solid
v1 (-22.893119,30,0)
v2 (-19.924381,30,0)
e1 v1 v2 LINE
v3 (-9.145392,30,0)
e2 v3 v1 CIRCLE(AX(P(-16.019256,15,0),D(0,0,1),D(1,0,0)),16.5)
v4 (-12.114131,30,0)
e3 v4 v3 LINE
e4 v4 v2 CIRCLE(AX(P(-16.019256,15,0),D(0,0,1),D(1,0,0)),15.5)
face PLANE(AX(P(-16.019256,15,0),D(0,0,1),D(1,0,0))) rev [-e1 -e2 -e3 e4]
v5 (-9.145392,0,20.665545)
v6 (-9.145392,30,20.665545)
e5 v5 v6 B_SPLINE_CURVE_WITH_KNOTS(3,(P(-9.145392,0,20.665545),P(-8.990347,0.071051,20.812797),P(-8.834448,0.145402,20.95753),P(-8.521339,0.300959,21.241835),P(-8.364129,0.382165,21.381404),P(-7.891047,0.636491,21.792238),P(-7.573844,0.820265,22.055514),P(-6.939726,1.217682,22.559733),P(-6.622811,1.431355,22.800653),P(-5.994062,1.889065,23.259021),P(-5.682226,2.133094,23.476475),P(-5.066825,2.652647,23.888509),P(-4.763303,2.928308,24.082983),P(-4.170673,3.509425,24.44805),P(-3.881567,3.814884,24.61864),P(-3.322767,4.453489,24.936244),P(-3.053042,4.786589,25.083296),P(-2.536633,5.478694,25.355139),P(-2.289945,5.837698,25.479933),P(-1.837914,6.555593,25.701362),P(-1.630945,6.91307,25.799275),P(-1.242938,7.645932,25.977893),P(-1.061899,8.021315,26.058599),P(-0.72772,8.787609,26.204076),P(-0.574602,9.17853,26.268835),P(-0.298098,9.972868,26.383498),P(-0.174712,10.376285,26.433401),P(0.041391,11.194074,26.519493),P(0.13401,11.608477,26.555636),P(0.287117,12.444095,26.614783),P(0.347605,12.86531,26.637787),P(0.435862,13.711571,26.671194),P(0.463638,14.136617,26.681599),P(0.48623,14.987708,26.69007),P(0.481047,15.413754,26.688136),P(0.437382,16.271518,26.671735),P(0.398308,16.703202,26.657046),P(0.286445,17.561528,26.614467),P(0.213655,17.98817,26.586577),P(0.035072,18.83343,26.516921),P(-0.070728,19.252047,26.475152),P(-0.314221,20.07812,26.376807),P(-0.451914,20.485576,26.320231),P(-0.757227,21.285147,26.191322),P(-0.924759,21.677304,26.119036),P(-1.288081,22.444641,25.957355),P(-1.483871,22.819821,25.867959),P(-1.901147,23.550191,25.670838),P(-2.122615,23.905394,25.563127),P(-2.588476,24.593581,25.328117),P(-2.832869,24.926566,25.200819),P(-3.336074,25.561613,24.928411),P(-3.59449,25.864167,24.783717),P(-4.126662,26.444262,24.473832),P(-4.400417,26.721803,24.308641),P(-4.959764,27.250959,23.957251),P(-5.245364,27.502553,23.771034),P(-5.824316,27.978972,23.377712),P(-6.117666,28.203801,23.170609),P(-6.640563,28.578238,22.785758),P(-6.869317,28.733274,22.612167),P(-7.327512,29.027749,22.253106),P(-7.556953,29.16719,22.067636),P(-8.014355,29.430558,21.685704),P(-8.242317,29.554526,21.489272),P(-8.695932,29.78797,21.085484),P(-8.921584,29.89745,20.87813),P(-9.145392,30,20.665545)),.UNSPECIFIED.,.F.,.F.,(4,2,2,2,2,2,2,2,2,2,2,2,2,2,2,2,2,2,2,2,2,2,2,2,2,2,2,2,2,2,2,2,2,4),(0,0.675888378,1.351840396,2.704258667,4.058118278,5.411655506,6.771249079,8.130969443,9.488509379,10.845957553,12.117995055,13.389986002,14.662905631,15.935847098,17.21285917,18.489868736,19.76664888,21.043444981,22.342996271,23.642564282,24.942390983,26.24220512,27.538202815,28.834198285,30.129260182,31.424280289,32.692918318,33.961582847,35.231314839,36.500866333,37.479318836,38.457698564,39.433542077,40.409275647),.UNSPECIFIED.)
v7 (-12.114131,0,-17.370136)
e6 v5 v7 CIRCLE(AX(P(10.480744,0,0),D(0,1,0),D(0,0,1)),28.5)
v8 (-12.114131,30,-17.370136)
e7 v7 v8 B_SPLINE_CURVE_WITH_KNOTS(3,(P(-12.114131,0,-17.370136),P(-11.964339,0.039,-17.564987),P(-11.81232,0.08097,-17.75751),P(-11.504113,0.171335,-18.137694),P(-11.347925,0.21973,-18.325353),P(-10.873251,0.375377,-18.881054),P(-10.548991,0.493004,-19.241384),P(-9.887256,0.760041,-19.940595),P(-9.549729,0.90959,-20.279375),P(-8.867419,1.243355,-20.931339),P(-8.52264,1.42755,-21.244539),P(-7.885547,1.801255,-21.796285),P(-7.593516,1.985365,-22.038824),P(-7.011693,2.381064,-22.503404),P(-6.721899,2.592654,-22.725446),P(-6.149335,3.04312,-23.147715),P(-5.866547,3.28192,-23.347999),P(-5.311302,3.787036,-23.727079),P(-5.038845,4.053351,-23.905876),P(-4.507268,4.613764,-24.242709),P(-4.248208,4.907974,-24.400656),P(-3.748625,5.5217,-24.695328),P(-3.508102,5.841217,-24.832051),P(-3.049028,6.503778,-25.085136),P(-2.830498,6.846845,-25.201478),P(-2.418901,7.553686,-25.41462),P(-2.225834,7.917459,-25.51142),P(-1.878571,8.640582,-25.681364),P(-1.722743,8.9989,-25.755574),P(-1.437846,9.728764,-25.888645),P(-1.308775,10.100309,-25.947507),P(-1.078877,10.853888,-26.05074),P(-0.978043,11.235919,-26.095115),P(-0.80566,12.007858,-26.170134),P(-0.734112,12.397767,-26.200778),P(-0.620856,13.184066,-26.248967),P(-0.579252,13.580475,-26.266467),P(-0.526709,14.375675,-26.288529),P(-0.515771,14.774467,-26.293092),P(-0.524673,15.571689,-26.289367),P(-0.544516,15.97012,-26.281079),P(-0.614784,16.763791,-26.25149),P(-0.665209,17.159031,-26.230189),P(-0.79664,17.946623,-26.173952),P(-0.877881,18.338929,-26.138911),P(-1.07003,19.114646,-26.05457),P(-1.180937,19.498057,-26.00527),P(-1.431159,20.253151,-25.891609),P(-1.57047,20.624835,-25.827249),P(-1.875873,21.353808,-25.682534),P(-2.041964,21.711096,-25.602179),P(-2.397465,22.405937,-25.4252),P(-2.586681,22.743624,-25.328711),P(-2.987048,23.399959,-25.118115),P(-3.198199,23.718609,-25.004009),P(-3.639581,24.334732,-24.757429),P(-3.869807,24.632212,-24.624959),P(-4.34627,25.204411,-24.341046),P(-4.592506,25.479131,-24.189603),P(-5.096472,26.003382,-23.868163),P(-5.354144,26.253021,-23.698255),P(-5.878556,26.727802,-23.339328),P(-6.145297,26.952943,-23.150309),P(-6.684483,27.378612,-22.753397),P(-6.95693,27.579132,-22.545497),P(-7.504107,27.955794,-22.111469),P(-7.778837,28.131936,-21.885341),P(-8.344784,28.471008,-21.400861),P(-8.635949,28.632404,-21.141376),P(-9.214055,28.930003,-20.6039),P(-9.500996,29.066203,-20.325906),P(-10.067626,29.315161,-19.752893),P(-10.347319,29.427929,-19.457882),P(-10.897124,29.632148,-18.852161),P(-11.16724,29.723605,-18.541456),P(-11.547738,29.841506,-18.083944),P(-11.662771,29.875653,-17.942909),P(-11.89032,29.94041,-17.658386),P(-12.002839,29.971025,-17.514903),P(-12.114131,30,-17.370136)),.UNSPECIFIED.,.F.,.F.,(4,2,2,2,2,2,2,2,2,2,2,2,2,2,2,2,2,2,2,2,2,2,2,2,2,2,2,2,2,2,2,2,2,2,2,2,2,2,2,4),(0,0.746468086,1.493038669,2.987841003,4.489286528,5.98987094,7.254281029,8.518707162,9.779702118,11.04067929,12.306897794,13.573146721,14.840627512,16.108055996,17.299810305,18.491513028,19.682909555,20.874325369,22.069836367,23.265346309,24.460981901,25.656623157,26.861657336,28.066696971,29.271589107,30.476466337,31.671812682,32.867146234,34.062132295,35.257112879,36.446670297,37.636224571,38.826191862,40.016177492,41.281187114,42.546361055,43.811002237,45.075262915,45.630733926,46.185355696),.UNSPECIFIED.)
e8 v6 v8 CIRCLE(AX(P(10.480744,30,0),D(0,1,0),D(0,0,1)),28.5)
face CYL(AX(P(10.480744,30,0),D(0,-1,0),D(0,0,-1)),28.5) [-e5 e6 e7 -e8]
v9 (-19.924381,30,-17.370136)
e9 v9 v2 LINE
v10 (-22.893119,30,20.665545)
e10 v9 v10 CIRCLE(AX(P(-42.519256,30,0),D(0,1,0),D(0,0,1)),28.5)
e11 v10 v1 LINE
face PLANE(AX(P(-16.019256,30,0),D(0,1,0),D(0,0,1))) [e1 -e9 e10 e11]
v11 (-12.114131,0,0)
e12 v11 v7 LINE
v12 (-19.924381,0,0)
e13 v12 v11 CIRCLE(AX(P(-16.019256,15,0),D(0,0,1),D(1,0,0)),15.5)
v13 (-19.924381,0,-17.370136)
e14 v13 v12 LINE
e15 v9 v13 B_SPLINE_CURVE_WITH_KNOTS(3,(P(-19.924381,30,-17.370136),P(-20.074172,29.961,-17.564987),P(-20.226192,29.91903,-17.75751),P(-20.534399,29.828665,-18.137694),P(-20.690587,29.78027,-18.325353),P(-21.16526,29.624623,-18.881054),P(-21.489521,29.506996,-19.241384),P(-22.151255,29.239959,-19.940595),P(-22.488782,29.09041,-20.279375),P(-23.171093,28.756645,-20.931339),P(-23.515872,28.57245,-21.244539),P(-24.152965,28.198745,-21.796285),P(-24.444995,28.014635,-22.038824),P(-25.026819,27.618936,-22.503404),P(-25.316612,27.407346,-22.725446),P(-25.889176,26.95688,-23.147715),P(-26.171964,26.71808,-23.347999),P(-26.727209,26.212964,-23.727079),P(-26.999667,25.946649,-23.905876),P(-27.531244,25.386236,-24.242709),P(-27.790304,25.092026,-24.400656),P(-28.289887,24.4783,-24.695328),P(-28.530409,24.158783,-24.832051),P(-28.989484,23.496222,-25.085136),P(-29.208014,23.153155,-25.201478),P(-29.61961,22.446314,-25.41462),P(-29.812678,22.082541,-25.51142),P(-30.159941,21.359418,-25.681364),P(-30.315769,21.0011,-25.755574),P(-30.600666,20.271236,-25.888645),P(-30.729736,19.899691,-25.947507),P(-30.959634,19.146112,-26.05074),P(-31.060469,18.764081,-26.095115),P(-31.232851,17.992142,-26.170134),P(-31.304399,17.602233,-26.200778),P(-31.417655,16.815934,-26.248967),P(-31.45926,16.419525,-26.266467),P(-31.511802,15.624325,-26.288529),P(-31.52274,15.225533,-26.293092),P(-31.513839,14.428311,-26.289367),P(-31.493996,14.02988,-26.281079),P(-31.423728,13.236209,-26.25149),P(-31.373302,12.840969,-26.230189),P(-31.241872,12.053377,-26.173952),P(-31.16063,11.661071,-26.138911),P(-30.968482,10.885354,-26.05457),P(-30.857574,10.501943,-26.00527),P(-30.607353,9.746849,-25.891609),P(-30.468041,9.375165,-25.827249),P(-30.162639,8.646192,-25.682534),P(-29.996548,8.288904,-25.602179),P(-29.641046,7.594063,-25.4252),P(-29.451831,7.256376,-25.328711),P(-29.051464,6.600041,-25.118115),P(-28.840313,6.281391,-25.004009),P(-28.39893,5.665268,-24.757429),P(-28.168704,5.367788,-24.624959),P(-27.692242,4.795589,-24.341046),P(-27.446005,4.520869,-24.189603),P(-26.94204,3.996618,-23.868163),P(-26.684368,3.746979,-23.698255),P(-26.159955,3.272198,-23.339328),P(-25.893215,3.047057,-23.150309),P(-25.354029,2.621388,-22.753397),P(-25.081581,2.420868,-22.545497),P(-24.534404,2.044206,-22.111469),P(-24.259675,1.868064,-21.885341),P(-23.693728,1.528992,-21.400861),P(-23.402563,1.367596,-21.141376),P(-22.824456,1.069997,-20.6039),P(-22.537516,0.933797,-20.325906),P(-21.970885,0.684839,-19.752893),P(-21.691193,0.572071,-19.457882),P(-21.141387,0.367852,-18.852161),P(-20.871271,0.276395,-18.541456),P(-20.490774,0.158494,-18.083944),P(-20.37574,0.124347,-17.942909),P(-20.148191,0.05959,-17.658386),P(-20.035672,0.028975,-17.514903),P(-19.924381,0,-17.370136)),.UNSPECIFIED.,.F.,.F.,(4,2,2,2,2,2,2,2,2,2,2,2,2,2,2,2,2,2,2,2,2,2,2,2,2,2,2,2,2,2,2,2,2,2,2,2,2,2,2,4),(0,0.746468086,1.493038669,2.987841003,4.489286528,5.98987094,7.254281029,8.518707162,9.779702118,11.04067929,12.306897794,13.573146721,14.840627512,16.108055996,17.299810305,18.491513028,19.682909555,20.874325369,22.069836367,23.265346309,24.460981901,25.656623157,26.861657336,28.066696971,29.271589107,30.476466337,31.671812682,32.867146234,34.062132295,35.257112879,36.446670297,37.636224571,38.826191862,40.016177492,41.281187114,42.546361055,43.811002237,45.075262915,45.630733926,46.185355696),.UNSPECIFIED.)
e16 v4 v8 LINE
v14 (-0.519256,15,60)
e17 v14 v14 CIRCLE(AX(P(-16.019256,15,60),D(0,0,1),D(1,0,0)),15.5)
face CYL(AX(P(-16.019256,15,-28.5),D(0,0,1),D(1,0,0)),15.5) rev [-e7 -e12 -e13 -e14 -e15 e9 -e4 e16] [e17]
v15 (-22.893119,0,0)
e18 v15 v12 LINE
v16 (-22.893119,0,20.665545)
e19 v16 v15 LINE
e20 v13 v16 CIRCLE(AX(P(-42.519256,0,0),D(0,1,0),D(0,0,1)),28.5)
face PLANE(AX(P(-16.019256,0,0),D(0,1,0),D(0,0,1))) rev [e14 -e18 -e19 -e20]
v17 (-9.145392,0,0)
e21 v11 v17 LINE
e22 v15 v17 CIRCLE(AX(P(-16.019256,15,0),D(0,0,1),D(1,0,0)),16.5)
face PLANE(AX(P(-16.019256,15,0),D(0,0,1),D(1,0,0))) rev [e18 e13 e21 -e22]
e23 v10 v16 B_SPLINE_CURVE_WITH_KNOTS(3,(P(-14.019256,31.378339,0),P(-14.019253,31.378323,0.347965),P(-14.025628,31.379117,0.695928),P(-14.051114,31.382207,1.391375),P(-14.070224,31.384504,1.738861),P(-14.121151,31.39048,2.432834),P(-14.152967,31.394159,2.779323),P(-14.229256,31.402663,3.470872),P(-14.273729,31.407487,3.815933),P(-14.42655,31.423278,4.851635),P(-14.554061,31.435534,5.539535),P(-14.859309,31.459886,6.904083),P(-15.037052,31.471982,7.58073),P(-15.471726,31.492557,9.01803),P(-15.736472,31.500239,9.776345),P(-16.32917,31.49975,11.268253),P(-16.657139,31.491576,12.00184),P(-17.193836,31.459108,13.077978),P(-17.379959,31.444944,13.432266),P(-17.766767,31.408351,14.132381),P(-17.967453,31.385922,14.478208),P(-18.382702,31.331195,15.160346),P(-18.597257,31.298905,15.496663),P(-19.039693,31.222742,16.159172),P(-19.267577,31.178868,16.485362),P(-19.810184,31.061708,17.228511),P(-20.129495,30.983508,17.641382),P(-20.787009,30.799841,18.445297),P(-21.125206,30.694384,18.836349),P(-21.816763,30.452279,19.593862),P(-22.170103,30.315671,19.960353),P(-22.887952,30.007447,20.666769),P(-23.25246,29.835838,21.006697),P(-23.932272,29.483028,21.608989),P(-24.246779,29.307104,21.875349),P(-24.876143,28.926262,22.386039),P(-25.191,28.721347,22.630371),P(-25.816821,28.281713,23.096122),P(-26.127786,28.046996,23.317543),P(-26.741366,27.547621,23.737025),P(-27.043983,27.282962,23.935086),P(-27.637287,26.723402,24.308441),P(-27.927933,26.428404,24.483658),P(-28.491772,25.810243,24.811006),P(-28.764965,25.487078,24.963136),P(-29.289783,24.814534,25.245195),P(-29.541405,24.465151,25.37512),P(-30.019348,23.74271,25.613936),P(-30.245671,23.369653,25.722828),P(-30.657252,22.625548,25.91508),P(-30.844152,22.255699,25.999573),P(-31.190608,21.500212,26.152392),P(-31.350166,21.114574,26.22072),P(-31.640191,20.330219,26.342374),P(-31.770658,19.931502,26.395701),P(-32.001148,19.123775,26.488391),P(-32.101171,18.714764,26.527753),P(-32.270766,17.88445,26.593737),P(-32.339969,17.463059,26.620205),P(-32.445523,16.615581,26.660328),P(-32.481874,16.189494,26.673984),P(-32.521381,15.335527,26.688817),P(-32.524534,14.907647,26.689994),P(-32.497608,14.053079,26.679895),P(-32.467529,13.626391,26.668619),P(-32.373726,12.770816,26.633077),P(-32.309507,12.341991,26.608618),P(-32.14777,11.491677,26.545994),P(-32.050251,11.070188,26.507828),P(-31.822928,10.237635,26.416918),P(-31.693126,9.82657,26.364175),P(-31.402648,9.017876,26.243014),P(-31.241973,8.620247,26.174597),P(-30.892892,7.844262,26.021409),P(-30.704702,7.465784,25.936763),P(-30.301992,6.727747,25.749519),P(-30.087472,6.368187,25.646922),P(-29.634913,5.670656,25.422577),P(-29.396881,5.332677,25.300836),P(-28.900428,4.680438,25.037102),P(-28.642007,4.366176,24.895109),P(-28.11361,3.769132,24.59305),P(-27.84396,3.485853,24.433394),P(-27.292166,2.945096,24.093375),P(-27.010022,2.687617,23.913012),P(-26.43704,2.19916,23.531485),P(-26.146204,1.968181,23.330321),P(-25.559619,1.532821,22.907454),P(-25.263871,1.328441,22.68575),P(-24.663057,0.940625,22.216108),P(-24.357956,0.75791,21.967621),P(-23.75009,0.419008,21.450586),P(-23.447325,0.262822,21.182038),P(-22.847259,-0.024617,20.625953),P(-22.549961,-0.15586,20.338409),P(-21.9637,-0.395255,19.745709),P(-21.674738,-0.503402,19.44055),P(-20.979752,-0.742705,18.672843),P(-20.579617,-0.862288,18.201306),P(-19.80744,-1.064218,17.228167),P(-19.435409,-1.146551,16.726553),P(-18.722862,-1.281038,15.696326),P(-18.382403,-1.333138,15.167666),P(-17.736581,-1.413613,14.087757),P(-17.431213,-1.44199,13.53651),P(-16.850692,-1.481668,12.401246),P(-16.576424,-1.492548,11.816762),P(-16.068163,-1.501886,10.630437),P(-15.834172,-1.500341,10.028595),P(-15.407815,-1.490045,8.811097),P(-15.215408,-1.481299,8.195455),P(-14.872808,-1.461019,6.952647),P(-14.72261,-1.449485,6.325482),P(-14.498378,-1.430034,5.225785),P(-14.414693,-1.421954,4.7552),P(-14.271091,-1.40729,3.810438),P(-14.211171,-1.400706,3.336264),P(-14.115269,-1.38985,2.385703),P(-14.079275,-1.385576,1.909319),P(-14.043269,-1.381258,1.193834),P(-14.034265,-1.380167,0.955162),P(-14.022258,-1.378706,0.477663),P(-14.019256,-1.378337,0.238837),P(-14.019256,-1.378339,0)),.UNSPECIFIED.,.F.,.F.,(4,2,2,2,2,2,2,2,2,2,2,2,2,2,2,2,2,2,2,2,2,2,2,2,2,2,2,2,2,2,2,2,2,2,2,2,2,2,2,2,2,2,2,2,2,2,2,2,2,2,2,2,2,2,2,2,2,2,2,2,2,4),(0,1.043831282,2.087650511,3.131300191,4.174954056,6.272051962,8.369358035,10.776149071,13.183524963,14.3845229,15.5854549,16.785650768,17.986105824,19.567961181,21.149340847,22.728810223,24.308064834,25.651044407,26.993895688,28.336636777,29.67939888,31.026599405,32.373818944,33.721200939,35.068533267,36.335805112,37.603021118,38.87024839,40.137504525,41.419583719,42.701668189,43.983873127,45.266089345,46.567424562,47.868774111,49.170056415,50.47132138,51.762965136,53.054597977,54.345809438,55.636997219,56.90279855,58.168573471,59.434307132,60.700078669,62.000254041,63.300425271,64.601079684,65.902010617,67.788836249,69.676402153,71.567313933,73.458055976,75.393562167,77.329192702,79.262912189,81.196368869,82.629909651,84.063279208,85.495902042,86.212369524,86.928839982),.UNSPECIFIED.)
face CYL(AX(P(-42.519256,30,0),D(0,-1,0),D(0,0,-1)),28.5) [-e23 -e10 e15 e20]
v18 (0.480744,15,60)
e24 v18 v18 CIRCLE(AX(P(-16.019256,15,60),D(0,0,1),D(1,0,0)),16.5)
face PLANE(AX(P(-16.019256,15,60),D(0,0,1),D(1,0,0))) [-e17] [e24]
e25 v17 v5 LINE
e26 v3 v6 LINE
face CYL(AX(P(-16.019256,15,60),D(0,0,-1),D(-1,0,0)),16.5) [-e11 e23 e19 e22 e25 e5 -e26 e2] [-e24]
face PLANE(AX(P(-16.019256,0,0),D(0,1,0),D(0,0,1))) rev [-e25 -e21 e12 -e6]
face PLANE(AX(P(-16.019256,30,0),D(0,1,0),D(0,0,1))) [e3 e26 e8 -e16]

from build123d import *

# Parameters (mm, degrees)
BOSS_EXTRUDE1_DEPTH = 30
SKETCH2_R           = 16.5
BOSS_EXTRUDE2_DEPTH = 60
SKETCH3_R           = 15.5
CUT_EXTRUDE1_DEPTH  = 118.763469435


with BuildPart() as part:
    # Sketch1 → Boss-Extrude1 (new body)
    with BuildSketch(Plane(origin=(0, 0, 0), x_dir=(1, 0, 0), z_dir=(0, 1, 0))):
        with BuildLine():
            ThreePointArc((-16.019255805, 10.488088482), (-71.019255805, 0), (-16.019255805, -10.488088482))
            ThreePointArc((-16.019255805, -10.488088482), (38.980744195, 0), (-16.019255805, 10.488088482))
        make_face()
    extrude(amount=BOSS_EXTRUDE1_DEPTH)

    # Sketch2 → Boss-Extrude2 (add)
    with BuildSketch(Plane.XY):
        with Locations(Location((-16.019255805, 15, 0), (0, 0, 245.380016324))):
            Circle(SKETCH2_R)
    extrude(amount=BOSS_EXTRUDE2_DEPTH)

    # Sketch3 → Cut-Extrude1 (cut, through all)
    with BuildSketch(Plane.XY.offset(60)):
        with Locations((-16.019255805, 15)):
            Circle(SKETCH3_R)
    extrude(amount=-CUT_EXTRUDE1_DEPTH, mode=Mode.SUBTRACT)


solid = part.part
